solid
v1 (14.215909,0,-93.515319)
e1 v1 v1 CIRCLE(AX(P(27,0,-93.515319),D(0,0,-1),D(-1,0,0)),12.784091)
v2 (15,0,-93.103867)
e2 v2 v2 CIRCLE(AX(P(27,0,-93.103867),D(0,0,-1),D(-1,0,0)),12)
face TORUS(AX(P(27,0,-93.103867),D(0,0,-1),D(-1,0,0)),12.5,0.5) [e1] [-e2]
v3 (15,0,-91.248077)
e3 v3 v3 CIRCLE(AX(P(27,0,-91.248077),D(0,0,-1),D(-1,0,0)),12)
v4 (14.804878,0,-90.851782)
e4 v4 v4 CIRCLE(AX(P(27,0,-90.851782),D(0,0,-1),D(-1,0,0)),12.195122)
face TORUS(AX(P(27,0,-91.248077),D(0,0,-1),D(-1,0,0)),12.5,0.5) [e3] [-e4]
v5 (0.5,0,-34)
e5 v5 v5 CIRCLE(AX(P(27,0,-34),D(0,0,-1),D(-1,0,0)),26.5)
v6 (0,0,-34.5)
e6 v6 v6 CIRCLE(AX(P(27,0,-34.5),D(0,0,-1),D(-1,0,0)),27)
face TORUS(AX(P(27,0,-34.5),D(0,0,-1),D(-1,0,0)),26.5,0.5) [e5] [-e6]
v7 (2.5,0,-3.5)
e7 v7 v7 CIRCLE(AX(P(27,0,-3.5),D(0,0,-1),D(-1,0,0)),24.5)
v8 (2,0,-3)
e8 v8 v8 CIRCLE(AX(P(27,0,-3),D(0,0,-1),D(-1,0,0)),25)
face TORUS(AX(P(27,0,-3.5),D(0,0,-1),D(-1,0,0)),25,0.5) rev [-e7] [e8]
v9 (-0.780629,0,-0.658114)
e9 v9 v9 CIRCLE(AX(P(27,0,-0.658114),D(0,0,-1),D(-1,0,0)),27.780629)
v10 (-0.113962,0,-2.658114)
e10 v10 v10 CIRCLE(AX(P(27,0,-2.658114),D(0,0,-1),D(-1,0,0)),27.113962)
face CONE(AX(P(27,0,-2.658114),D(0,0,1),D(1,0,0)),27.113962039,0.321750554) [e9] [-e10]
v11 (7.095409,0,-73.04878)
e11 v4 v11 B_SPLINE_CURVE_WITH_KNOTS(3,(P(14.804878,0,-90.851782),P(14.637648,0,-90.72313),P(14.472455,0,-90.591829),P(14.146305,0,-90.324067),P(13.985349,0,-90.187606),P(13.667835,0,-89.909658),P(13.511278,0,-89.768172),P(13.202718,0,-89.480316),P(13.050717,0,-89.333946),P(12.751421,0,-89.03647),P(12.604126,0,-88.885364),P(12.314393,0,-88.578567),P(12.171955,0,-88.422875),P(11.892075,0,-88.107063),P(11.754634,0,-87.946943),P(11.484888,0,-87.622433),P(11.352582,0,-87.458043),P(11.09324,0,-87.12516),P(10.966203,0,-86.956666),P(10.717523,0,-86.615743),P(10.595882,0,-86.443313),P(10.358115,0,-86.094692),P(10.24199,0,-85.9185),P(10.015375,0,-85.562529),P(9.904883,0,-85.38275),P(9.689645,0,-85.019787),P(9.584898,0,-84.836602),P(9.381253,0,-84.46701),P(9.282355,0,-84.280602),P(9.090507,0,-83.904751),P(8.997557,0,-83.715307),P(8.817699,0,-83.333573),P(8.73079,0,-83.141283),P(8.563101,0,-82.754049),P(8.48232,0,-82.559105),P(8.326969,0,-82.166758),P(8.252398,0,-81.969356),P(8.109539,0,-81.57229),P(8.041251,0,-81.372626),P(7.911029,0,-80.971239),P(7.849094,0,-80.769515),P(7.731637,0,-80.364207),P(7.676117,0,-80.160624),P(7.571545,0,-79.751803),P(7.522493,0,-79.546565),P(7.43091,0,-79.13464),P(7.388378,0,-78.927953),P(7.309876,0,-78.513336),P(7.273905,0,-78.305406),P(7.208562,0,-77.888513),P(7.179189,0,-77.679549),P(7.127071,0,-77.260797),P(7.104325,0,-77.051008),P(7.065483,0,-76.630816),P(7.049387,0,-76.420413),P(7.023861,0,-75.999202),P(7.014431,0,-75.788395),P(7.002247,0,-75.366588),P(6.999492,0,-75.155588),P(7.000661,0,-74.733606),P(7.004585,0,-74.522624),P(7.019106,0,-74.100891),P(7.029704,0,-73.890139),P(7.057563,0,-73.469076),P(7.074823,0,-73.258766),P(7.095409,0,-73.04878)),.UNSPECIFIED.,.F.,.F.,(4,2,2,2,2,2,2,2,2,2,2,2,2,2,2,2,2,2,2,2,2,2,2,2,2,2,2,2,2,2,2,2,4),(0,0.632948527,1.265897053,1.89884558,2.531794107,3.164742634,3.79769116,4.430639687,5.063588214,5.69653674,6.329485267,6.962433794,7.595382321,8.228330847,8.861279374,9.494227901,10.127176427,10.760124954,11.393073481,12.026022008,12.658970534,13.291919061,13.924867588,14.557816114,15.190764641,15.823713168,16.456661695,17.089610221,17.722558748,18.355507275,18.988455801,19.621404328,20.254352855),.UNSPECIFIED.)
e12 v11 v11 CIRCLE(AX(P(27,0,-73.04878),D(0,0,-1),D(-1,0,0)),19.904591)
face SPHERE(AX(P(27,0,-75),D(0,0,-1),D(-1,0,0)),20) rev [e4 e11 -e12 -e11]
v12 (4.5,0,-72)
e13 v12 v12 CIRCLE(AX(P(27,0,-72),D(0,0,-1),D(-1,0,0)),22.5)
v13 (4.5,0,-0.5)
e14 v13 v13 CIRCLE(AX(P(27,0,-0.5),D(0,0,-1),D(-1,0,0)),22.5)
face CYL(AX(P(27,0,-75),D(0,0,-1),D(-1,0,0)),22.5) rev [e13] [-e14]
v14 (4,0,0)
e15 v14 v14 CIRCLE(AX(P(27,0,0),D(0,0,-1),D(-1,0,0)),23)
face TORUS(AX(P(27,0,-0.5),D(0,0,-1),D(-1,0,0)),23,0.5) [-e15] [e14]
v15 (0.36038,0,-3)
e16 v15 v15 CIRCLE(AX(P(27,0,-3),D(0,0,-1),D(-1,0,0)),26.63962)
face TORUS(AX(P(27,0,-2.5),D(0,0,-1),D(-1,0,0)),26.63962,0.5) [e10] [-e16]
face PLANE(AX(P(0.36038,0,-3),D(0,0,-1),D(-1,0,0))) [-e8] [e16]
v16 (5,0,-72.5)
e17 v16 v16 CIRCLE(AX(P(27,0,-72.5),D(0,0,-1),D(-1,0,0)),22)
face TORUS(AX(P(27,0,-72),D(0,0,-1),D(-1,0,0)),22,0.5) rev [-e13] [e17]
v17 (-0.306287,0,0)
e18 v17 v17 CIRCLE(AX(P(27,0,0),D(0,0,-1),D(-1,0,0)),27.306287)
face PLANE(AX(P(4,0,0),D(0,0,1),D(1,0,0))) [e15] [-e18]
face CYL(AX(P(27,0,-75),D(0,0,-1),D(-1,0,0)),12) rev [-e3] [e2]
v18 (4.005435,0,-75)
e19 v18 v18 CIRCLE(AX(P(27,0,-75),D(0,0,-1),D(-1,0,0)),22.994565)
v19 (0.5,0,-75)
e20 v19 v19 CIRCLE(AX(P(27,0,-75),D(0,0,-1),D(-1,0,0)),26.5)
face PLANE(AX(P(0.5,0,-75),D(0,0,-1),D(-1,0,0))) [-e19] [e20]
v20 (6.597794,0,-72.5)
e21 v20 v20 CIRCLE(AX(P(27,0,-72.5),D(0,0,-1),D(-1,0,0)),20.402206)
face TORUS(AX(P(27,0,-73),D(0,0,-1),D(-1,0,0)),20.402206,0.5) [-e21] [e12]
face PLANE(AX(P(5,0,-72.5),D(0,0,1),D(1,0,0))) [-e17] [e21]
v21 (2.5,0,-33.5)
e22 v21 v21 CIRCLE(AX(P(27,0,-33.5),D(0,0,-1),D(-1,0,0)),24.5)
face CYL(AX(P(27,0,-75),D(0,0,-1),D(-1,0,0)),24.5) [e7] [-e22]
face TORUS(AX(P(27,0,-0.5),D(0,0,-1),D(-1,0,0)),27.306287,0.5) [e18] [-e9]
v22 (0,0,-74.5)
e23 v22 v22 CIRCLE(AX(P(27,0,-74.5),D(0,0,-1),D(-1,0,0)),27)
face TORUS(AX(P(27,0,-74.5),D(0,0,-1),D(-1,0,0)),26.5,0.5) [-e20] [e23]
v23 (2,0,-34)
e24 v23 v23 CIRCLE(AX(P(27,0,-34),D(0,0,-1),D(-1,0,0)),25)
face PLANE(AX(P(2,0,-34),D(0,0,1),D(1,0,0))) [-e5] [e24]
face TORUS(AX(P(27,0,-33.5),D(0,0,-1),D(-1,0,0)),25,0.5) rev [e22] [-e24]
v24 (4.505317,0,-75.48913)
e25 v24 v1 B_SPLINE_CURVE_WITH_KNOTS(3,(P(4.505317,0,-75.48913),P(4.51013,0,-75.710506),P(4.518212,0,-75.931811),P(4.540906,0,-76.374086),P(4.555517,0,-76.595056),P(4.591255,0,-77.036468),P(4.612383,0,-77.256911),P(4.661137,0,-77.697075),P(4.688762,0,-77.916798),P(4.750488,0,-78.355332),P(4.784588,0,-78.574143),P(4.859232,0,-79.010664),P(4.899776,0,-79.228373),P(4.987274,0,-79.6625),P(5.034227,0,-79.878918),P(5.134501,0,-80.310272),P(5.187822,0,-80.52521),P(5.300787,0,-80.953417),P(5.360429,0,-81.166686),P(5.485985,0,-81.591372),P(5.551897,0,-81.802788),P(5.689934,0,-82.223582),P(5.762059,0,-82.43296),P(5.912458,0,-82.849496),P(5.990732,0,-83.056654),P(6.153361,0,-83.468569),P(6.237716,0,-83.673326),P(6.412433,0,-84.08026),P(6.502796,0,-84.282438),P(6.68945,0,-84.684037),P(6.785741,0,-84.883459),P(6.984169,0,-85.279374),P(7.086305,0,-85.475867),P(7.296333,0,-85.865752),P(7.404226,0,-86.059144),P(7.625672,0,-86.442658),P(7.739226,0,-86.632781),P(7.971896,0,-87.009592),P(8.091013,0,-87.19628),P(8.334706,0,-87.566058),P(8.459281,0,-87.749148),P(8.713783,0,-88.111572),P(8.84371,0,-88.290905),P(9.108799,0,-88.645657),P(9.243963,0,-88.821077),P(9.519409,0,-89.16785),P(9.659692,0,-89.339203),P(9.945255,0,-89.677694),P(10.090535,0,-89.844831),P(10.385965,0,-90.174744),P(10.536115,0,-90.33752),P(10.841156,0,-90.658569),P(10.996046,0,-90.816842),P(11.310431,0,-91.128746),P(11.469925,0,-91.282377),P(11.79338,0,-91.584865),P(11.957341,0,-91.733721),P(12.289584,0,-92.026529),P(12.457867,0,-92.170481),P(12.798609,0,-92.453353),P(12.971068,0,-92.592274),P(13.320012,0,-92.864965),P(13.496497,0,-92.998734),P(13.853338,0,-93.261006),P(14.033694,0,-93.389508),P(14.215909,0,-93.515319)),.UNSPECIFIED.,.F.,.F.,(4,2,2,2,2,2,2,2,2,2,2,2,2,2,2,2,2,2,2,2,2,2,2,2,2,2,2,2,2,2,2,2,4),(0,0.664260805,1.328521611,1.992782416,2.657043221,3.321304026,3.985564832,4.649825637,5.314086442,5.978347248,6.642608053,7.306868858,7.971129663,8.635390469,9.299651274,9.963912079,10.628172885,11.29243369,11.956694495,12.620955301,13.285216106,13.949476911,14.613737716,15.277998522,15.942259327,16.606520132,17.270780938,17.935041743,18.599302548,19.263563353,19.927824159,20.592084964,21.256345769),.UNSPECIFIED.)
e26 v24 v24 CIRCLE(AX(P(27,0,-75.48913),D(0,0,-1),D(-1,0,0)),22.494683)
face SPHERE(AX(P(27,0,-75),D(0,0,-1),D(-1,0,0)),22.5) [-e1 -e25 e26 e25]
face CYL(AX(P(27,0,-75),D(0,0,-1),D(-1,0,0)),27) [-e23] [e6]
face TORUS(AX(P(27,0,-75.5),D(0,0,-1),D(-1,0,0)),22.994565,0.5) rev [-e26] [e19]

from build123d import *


with BuildPart() as part:
    # Esquisse1 → Révolution1 (revolve)
    with BuildSketch(Plane(origin=(0, 0, 0), x_dir=(1, 0, 0), z_dir=(0, 1, 0))):
        with BuildLine():
            Line((4, 0), (-0.306287057, 0))
            ThreePointArc((-0.306287057, 0), (-0.711908149, 0.207644858), (-0.780628706, 0.658113883))
            Line((-0.780628706, 0.658113883), (-0.113962039, 2.658113883))
            ThreePointArc((-0.113962039, 2.658113883), (0.068024468, 2.905621093), (0.36037961, 3))
            Line((0.36037961, 3), (2, 3))
            ThreePointArc((2, 3), (2.353553391, 3.146446609), (2.5, 3.5))
            Line((2.5, 3.5), (2.5, 33.5))
            ThreePointArc((2.5, 33.5), (2.353553391, 33.853553391), (2, 34))
            Line((2, 34), (0.5, 34))
            ThreePointArc((0.5, 34), (0.146446609, 34.146446609), (0, 34.5))
            Line((0, 34.5), (0, 74.5))
            ThreePointArc((0, 74.5), (0.146446609, 74.853553391), (0.5, 75))
            Line((0.5, 75), (4.005435425, 75))
            ThreePointArc((4.005435425, 75), (4.355124728, 75.1426243), (4.505317263, 75.489130435))
            ThreePointArc((4.505317263, 75.489130435), (7.191319286, 85.670809171), (14.215909091, 93.515318513))
            ThreePointArc((14.215909091, 93.515318513), (14.732330094, 93.54661153), (15, 93.10386699))
            Line((15, 93.10386699), (15, 91.248076809))
            ThreePointArc((15, 91.248076809), (14.948574979, 91.027213757), (14.804878049, 90.851782253))
            ThreePointArc((14.804878049, 90.851782253), (8.646945468, 82.947665653), (7.095409012, 73.048780488))
            ThreePointArc((7.095409012, 73.048780488), (6.968192836, 72.664135626), (6.597794237, 72.5))
            Line((6.597794237, 72.5), (5, 72.5))
            ThreePointArc((5, 72.5), (4.646446609, 72.353553391), (4.5, 72))
            Line((4.5, 72), (4.5, 0.5))
            ThreePointArc((4.5, 0.5), (4.353553391, 0.146446609), (4, 0))
        make_face()
    revolve(axis=Axis((27, 0, -75), (0, 0, 1)))


solid = part.part
